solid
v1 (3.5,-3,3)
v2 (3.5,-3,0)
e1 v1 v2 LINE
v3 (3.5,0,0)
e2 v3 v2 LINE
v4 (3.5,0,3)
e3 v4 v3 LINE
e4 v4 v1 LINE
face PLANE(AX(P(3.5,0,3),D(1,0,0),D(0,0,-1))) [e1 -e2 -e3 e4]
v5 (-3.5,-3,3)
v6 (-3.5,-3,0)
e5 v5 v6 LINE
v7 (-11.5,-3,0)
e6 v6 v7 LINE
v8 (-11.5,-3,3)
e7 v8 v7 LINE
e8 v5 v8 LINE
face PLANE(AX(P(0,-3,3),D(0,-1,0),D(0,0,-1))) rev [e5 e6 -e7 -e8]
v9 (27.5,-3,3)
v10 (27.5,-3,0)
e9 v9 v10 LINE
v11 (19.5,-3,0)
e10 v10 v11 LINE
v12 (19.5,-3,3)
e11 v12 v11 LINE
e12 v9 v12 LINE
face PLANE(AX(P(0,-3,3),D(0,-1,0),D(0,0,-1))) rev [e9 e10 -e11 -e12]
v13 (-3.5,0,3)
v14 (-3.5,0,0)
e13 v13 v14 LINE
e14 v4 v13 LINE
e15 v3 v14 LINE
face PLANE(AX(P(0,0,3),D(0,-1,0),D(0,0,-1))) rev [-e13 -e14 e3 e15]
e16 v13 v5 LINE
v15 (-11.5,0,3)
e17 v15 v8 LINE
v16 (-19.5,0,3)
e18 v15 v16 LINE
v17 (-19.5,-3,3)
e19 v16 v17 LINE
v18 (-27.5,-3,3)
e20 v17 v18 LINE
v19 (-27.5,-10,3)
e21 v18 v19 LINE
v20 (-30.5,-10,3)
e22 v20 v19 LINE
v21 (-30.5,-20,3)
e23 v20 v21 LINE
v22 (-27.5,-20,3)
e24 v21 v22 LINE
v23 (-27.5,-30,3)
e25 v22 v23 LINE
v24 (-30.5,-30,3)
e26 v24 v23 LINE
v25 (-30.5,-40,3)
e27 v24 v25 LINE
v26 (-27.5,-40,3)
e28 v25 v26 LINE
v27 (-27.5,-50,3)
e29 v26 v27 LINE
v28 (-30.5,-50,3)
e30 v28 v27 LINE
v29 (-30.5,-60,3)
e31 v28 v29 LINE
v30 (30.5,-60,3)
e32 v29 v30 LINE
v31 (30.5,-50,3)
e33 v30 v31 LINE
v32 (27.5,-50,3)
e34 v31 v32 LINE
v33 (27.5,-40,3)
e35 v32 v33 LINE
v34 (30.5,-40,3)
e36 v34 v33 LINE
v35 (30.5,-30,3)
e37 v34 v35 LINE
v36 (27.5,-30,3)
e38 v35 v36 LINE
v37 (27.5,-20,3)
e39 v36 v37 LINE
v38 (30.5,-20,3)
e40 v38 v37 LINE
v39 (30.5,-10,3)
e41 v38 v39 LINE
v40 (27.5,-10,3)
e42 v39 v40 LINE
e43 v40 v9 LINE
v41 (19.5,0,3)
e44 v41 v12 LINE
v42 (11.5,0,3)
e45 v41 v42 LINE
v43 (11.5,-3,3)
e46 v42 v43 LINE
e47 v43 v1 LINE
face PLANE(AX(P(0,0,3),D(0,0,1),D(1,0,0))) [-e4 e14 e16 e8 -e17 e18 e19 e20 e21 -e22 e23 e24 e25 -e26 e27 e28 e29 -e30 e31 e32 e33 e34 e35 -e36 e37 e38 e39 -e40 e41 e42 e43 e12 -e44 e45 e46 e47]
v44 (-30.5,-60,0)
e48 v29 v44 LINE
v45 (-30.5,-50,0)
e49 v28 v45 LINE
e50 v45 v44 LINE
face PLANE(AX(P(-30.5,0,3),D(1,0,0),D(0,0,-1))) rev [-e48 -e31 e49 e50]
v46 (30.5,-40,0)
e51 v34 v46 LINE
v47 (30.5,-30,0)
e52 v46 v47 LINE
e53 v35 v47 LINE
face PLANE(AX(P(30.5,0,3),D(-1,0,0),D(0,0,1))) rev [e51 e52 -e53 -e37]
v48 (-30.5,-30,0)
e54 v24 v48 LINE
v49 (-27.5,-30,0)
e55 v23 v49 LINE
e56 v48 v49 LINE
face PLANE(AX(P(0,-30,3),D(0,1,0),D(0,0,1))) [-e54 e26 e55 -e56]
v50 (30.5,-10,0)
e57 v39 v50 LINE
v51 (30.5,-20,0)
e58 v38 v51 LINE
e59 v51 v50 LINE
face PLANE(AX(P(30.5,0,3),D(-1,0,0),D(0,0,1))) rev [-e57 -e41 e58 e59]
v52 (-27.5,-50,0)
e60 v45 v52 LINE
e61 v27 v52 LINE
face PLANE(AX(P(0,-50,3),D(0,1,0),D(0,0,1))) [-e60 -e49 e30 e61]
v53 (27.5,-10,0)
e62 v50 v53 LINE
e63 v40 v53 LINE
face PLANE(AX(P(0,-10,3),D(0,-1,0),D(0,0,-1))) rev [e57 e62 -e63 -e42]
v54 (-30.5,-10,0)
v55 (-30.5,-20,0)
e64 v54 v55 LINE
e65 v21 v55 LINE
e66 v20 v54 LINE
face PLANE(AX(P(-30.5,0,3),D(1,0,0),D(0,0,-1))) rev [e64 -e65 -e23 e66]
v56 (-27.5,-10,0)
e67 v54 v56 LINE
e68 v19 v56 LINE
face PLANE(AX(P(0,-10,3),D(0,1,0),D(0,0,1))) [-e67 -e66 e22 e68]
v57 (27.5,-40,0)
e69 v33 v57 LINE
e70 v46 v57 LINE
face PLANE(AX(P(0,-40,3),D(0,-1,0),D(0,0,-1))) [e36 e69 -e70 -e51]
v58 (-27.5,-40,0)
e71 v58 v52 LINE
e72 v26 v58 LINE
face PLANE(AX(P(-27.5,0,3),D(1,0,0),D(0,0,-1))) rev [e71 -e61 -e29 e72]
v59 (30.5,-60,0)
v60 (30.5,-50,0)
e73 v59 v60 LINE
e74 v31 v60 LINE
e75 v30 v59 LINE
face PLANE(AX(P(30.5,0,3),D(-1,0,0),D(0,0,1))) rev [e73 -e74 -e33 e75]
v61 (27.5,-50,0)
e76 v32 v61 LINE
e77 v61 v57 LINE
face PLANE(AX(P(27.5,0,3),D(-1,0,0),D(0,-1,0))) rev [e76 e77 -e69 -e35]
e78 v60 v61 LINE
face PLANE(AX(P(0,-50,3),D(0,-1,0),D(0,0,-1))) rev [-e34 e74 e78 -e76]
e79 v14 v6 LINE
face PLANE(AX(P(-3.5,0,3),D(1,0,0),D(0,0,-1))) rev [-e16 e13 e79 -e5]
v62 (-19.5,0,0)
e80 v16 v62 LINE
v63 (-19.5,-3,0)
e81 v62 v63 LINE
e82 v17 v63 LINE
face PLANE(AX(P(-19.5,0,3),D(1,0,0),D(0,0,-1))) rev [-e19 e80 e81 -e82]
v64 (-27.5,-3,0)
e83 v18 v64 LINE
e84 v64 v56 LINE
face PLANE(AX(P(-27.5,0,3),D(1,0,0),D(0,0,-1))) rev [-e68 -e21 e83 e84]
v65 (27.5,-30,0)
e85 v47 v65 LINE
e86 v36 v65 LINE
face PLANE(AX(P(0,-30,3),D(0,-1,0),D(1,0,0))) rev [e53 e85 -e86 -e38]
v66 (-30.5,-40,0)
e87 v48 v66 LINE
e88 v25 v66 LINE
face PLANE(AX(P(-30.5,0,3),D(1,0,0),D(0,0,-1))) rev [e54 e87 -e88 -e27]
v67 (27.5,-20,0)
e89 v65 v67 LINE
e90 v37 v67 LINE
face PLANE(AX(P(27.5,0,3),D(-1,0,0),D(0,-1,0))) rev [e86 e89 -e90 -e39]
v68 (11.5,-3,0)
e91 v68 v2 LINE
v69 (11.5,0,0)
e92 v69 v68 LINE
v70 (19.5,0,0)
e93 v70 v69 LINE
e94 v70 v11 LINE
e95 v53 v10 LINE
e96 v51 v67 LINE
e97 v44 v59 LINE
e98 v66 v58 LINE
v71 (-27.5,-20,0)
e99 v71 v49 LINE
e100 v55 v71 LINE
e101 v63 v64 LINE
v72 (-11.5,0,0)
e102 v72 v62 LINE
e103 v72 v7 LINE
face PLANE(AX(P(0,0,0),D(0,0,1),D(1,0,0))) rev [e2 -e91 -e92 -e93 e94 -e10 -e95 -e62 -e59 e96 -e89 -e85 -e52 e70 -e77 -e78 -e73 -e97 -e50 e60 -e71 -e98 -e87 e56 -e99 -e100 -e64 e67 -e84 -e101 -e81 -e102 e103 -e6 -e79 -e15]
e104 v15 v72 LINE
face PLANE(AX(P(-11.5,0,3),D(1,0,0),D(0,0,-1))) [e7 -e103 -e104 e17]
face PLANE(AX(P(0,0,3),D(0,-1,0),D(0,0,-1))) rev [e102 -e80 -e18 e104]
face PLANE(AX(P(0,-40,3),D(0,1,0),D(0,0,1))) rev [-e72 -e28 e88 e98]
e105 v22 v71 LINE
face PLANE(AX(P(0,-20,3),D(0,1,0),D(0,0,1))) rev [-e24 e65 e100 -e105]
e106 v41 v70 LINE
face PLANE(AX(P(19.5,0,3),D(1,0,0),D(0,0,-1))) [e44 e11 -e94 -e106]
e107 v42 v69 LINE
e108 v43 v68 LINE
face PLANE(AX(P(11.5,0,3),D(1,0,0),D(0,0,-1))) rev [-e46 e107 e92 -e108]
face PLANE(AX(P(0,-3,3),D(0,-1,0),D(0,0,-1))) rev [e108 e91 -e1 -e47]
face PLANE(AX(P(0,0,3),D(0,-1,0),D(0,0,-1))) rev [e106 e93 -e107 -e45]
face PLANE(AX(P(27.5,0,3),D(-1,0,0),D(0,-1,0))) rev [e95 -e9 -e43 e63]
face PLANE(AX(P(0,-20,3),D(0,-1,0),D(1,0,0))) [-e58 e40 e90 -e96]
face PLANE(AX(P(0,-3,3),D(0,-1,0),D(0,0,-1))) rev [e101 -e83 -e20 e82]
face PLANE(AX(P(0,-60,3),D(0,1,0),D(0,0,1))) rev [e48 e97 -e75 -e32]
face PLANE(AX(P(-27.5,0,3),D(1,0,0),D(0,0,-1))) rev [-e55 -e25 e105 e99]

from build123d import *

# Parameters (mm, degrees)
SKETCH1_W           = 3
SKETCH1_H           = 10
SKETCH1_W_2         = 27.5
SKETCH1_H_2         = 3
SKETCH1_W_3         = 8
SKETCH1_W_4         = 3.5
BOSS_EXTRUDE1_DEPTH = 3


with BuildPart() as part:
    # Sketch1 → Boss-Extrude1 (new body)
    with BuildSketch(Plane.XY):
        with Locations((-29, -15)):
            Rectangle(SKETCH1_W, SKETCH1_H)
        with Locations((-29, -35)):
            Rectangle(SKETCH1_W, SKETCH1_H)
        Polygon((-27.5, -60), (-27.5, -57), (-27.5, -50), (-30.5, -50), (-30.5, -60), align=None)
        Polygon((0, -57), (0, -3), (-3.5, -3), (-11.5, -3), (-19.5, -3), (-27.5, -3), (-27.5, -10), (-27.5, -20), (-27.5, -30), (-27.5, -40), (-27.5, -50), (-27.5, -57), align=None)
        Polygon((27.5, -10), (27.5, -3), (19.5, -3), (11.5, -3), (3.5, -3), (0, -3), (0, -57), (27.5, -57), (27.5, -50), (27.5, -40), (27.5, -30), (27.5, -20), align=None)
        with Locations((-13.75, -58.5)):
            Rectangle(SKETCH1_W_2, SKETCH1_H_2)
        with Locations((13.75, -58.5)):
            Rectangle(SKETCH1_W_2, SKETCH1_H_2)
        Polygon((30.5, -50), (27.5, -50), (27.5, -57), (27.5, -60), (30.5, -60), align=None)
        with Locations((29, -35)):
            Rectangle(SKETCH1_W, SKETCH1_H)
        with Locations((29, -15)):
            Rectangle(SKETCH1_W, SKETCH1_H)
        with Locations((15.5, -1.5)):
            Rectangle(SKETCH1_W_3, SKETCH1_H_2)
        with Locations((1.75, -1.5)):
            Rectangle(SKETCH1_W_4, SKETCH1_H_2)
        with Locations((-1.75, -1.5)):
            Rectangle(SKETCH1_W_4, SKETCH1_H_2)
        with Locations((-15.5, -1.5)):
            Rectangle(SKETCH1_W_3, SKETCH1_H_2)
    extrude(amount=BOSS_EXTRUDE1_DEPTH)


solid = part.part
